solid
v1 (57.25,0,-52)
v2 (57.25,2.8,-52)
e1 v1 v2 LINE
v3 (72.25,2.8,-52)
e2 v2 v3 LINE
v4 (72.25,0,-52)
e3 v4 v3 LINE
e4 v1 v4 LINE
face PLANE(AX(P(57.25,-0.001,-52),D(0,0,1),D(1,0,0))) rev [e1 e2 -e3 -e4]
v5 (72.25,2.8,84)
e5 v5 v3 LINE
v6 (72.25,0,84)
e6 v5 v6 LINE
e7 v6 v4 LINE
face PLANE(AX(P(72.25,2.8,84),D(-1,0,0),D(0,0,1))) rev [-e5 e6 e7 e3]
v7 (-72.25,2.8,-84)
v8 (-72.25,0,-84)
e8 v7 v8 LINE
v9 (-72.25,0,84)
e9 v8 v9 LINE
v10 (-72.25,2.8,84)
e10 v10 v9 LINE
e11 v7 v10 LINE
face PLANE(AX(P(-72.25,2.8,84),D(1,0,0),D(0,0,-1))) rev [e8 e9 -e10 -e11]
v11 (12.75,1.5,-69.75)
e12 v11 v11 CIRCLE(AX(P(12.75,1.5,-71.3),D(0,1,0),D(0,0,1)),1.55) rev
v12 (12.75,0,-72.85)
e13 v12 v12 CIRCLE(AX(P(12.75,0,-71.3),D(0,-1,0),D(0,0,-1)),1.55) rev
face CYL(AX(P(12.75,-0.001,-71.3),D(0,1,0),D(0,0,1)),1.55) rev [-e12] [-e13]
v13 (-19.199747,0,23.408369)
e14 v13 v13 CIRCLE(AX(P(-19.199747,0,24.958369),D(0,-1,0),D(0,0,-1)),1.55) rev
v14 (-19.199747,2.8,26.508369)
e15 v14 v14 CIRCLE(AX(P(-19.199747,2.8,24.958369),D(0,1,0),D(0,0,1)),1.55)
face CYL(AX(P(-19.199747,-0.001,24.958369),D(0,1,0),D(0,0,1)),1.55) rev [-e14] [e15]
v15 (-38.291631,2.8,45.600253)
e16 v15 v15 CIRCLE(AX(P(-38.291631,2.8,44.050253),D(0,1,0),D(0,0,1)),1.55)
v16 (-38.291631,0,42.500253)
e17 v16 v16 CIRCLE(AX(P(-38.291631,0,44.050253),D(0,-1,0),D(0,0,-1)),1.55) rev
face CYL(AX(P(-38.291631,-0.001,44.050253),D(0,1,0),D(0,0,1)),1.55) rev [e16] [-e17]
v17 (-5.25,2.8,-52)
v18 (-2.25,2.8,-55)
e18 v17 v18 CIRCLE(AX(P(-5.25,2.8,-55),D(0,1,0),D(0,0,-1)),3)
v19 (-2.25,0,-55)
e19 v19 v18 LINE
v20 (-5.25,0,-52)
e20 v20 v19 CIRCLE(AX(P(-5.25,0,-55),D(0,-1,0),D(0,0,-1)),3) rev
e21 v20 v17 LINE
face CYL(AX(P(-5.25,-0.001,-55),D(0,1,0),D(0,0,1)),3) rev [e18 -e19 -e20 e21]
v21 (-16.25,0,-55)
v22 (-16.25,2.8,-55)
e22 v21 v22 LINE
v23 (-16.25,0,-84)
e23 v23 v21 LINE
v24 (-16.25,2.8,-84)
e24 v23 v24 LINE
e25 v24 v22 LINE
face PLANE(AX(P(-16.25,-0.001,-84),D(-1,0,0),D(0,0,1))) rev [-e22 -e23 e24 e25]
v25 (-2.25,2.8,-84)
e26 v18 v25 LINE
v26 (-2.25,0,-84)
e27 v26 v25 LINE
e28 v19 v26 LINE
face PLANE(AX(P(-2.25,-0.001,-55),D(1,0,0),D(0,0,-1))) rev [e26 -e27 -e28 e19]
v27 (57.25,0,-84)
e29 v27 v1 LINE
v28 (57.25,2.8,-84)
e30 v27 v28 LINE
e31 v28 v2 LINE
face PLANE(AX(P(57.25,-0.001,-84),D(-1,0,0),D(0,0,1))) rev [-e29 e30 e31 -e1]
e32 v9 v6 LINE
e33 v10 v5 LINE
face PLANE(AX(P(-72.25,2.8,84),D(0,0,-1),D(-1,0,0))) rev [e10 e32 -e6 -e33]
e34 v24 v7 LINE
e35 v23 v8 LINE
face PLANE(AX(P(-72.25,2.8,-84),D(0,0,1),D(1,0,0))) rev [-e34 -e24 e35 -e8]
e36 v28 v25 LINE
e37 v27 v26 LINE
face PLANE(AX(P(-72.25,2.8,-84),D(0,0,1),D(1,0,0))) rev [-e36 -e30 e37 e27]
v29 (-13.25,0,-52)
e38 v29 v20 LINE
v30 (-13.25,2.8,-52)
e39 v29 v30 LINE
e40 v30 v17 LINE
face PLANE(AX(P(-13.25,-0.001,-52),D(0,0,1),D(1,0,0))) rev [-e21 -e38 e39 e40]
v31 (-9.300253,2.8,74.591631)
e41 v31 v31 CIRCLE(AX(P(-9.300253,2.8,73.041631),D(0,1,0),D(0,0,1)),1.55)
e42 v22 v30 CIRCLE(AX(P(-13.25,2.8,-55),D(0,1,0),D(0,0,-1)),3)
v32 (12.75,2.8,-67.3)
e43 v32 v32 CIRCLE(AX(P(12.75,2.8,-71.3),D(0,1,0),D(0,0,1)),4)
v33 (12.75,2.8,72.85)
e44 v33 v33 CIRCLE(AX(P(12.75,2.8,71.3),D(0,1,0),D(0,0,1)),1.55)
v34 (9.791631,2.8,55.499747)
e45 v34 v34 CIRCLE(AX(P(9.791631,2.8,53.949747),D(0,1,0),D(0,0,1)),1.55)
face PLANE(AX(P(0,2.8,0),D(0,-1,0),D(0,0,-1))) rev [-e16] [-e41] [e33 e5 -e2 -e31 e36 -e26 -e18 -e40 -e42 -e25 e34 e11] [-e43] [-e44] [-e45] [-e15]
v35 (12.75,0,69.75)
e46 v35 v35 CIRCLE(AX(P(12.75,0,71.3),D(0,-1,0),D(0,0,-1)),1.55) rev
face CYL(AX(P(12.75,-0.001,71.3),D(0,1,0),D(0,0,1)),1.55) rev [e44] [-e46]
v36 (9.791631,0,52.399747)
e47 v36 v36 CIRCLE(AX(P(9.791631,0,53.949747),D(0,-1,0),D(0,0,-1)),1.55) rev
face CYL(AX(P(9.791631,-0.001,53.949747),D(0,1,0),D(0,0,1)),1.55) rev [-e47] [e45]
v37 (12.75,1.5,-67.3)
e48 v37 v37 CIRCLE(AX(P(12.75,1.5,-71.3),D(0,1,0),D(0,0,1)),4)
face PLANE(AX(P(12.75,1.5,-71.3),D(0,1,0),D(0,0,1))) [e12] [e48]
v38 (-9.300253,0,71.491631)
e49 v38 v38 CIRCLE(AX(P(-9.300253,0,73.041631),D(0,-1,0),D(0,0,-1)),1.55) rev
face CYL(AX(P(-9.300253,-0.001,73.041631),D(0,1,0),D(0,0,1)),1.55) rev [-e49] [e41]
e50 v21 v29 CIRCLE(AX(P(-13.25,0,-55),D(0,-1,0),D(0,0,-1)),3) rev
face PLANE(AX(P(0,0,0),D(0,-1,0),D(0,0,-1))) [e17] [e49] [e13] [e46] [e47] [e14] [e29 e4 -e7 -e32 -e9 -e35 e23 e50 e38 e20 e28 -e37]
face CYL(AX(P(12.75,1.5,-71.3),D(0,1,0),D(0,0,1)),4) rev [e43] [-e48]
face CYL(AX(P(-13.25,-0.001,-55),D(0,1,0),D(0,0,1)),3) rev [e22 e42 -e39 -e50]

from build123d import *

# Parameters (mm, degrees)
SKETCH1_W           = 144.5
SKETCH1_H           = 168
BOSS_EXTRUDE1_DEPTH = 2.8
CUT_EXTRUDE1_REACH  = 4.8
SKETCH2_R           = 1.55
SKETCH2_W           = 15
SKETCH2_H           = 32
CUT_EXTRUDE2_REACH  = 4.8
SKETCH5_R           = 1.55
SKETCH6_R           = 4
CUT_EXTRUDE3_DEPTH  = 1.3
CUT_EXTRUDE4_REACH  = 4.8


with BuildPart() as part:
    # Sketch1 → Boss-Extrude1 (new body)
    with BuildSketch(Plane(origin=(0, 0, 0), x_dir=(1, 0, 0), z_dir=(0, 1, 0))):
        Rectangle(SKETCH1_W, SKETCH1_H)
    extrude(amount=BOSS_EXTRUDE1_DEPTH)

    # Sketch2 → Cut-Extrude1 (cut, up to next)
    with BuildSketch(Plane(origin=(0, 2.8, 0), x_dir=(1, 0, 0), z_dir=(0, 1, 0)), mode=Mode.PRIVATE) as cut_extrude1_sk1:
        with Locations((-19.199747468, -24.95836944)):
            Circle(SKETCH2_R)
    cut_extrude1_tool1 = extrude(cut_extrude1_sk1.sketch, amount=-CUT_EXTRUDE1_REACH, mode=Mode.PRIVATE) & part.part
    add(cut_extrude1_tool1.solids().sort_by_distance((-19.199747, 2.8, 24.958369))[0], mode=Mode.SUBTRACT)
    # Sketch2 → Cut-Extrude1 (cut, up to next)
    with BuildSketch(Plane(origin=(0, 2.8, 0), x_dir=(1, 0, 0), z_dir=(0, 1, 0)), mode=Mode.PRIVATE) as cut_extrude1_sk2:
        with Locations((9.79163056, -53.949747468)):
            Circle(SKETCH2_R)
    cut_extrude1_tool2 = extrude(cut_extrude1_sk2.sketch, amount=-CUT_EXTRUDE1_REACH, mode=Mode.PRIVATE) & part.part
    add(cut_extrude1_tool2.solids().sort_by_distance((9.791631, 2.8, 53.949747))[0], mode=Mode.SUBTRACT)
    # Sketch2 → Cut-Extrude1 (cut, up to next)
    with BuildSketch(Plane(origin=(0, 2.8, 0), x_dir=(1, 0, 0), z_dir=(0, 1, 0)), mode=Mode.PRIVATE) as cut_extrude1_sk3:
        with Locations((-9.300252532, -73.04163056)):
            Circle(SKETCH2_R)
    cut_extrude1_tool3 = extrude(cut_extrude1_sk3.sketch, amount=-CUT_EXTRUDE1_REACH, mode=Mode.PRIVATE) & part.part
    add(cut_extrude1_tool3.solids().sort_by_distance((-9.300253, 2.8, 73.041631))[0], mode=Mode.SUBTRACT)
    # Sketch2 → Cut-Extrude1 (cut, up to next)
    with BuildSketch(Plane(origin=(0, 2.8, 0), x_dir=(1, 0, 0), z_dir=(0, 1, 0)), mode=Mode.PRIVATE) as cut_extrude1_sk4:
        with Locations((-38.29163056, -44.050252532)):
            Circle(SKETCH2_R)
    cut_extrude1_tool4 = extrude(cut_extrude1_sk4.sketch, amount=-CUT_EXTRUDE1_REACH, mode=Mode.PRIVATE) & part.part
    add(cut_extrude1_tool4.solids().sort_by_distance((-38.291631, 2.8, 44.050253))[0], mode=Mode.SUBTRACT)
    # Sketch2 → Cut-Extrude1 (cut, up to next)
    with BuildSketch(Plane(origin=(0, 2.8, 0), x_dir=(1, 0, 0), z_dir=(0, 1, 0)), mode=Mode.PRIVATE) as cut_extrude1_sk5:
        with Locations((64.75, 68)):
            Rectangle(SKETCH2_W, SKETCH2_H)
    cut_extrude1_tool5 = extrude(cut_extrude1_sk5.sketch, amount=-CUT_EXTRUDE1_REACH, mode=Mode.PRIVATE) & part.part
    add(cut_extrude1_tool5.solids().sort_by_distance((64.75, 2.8, -68))[0], mode=Mode.SUBTRACT)

    # Sketch5 → Cut-Extrude2 (cut, up to next)
    with BuildSketch(Plane(origin=(0, 2.8, 0), x_dir=(1, 0, 0), z_dir=(0, 1, 0)), mode=Mode.PRIVATE) as cut_extrude2_sk1:
        with Locations((12.75, 71.3)):
            Circle(SKETCH5_R)
    cut_extrude2_tool1 = extrude(cut_extrude2_sk1.sketch, amount=-CUT_EXTRUDE2_REACH, mode=Mode.PRIVATE) & part.part
    add(cut_extrude2_tool1.solids().sort_by_distance((12.75, 2.8, -71.3))[0], mode=Mode.SUBTRACT)
    # Sketch5 → Cut-Extrude2 (cut, up to next)
    with BuildSketch(Plane(origin=(0, 2.8, 0), x_dir=(1, 0, 0), z_dir=(0, 1, 0)), mode=Mode.PRIVATE) as cut_extrude2_sk2:
        with Locations((12.75, -71.3)):
            Circle(SKETCH5_R)
    cut_extrude2_tool2 = extrude(cut_extrude2_sk2.sketch, amount=-CUT_EXTRUDE2_REACH, mode=Mode.PRIVATE) & part.part
    add(cut_extrude2_tool2.solids().sort_by_distance((12.75, 2.8, 71.3))[0], mode=Mode.SUBTRACT)

    # Sketch6 → Cut-Extrude3 (cut)
    with BuildSketch(Plane(origin=(0, 2.8, 0), x_dir=(1, 0, 0), z_dir=(0, 1, 0))):
        with Locations((12.75, 71.3)):
            Circle(SKETCH6_R)
    extrude(amount=-CUT_EXTRUDE3_DEPTH, mode=Mode.SUBTRACT)

    # Sketch7 → Cut-Extrude4 (cut, up to next)
    with BuildSketch(Plane(origin=(0, 2.8, 0), x_dir=(1, 0, 0), z_dir=(0, 1, 0)), mode=Mode.PRIVATE) as cut_extrude4_sk1:
        with BuildLine():
            Line((-16.25, 84), (-16.25, 55))
            ThreePointArc((-16.25, 55), (-15.371320344, 52.878679656), (-13.25, 52))
            Line((-13.25, 52), (-5.25, 52))
            ThreePointArc((-5.25, 52), (-3.128679656, 52.878679656), (-2.25, 55))
            Line((-2.25, 55), (-2.25, 84))
            Line((-2.25, 84), (-16.25, 84))
        make_face()
    cut_extrude4_tool1 = extrude(cut_extrude4_sk1.sketch, amount=-CUT_EXTRUDE4_REACH, mode=Mode.PRIVATE) & part.part
    add(cut_extrude4_tool1.solids().sort_by_distance((-9.25, 2.8, -68.13333))[0], mode=Mode.SUBTRACT)


solid = part.part
